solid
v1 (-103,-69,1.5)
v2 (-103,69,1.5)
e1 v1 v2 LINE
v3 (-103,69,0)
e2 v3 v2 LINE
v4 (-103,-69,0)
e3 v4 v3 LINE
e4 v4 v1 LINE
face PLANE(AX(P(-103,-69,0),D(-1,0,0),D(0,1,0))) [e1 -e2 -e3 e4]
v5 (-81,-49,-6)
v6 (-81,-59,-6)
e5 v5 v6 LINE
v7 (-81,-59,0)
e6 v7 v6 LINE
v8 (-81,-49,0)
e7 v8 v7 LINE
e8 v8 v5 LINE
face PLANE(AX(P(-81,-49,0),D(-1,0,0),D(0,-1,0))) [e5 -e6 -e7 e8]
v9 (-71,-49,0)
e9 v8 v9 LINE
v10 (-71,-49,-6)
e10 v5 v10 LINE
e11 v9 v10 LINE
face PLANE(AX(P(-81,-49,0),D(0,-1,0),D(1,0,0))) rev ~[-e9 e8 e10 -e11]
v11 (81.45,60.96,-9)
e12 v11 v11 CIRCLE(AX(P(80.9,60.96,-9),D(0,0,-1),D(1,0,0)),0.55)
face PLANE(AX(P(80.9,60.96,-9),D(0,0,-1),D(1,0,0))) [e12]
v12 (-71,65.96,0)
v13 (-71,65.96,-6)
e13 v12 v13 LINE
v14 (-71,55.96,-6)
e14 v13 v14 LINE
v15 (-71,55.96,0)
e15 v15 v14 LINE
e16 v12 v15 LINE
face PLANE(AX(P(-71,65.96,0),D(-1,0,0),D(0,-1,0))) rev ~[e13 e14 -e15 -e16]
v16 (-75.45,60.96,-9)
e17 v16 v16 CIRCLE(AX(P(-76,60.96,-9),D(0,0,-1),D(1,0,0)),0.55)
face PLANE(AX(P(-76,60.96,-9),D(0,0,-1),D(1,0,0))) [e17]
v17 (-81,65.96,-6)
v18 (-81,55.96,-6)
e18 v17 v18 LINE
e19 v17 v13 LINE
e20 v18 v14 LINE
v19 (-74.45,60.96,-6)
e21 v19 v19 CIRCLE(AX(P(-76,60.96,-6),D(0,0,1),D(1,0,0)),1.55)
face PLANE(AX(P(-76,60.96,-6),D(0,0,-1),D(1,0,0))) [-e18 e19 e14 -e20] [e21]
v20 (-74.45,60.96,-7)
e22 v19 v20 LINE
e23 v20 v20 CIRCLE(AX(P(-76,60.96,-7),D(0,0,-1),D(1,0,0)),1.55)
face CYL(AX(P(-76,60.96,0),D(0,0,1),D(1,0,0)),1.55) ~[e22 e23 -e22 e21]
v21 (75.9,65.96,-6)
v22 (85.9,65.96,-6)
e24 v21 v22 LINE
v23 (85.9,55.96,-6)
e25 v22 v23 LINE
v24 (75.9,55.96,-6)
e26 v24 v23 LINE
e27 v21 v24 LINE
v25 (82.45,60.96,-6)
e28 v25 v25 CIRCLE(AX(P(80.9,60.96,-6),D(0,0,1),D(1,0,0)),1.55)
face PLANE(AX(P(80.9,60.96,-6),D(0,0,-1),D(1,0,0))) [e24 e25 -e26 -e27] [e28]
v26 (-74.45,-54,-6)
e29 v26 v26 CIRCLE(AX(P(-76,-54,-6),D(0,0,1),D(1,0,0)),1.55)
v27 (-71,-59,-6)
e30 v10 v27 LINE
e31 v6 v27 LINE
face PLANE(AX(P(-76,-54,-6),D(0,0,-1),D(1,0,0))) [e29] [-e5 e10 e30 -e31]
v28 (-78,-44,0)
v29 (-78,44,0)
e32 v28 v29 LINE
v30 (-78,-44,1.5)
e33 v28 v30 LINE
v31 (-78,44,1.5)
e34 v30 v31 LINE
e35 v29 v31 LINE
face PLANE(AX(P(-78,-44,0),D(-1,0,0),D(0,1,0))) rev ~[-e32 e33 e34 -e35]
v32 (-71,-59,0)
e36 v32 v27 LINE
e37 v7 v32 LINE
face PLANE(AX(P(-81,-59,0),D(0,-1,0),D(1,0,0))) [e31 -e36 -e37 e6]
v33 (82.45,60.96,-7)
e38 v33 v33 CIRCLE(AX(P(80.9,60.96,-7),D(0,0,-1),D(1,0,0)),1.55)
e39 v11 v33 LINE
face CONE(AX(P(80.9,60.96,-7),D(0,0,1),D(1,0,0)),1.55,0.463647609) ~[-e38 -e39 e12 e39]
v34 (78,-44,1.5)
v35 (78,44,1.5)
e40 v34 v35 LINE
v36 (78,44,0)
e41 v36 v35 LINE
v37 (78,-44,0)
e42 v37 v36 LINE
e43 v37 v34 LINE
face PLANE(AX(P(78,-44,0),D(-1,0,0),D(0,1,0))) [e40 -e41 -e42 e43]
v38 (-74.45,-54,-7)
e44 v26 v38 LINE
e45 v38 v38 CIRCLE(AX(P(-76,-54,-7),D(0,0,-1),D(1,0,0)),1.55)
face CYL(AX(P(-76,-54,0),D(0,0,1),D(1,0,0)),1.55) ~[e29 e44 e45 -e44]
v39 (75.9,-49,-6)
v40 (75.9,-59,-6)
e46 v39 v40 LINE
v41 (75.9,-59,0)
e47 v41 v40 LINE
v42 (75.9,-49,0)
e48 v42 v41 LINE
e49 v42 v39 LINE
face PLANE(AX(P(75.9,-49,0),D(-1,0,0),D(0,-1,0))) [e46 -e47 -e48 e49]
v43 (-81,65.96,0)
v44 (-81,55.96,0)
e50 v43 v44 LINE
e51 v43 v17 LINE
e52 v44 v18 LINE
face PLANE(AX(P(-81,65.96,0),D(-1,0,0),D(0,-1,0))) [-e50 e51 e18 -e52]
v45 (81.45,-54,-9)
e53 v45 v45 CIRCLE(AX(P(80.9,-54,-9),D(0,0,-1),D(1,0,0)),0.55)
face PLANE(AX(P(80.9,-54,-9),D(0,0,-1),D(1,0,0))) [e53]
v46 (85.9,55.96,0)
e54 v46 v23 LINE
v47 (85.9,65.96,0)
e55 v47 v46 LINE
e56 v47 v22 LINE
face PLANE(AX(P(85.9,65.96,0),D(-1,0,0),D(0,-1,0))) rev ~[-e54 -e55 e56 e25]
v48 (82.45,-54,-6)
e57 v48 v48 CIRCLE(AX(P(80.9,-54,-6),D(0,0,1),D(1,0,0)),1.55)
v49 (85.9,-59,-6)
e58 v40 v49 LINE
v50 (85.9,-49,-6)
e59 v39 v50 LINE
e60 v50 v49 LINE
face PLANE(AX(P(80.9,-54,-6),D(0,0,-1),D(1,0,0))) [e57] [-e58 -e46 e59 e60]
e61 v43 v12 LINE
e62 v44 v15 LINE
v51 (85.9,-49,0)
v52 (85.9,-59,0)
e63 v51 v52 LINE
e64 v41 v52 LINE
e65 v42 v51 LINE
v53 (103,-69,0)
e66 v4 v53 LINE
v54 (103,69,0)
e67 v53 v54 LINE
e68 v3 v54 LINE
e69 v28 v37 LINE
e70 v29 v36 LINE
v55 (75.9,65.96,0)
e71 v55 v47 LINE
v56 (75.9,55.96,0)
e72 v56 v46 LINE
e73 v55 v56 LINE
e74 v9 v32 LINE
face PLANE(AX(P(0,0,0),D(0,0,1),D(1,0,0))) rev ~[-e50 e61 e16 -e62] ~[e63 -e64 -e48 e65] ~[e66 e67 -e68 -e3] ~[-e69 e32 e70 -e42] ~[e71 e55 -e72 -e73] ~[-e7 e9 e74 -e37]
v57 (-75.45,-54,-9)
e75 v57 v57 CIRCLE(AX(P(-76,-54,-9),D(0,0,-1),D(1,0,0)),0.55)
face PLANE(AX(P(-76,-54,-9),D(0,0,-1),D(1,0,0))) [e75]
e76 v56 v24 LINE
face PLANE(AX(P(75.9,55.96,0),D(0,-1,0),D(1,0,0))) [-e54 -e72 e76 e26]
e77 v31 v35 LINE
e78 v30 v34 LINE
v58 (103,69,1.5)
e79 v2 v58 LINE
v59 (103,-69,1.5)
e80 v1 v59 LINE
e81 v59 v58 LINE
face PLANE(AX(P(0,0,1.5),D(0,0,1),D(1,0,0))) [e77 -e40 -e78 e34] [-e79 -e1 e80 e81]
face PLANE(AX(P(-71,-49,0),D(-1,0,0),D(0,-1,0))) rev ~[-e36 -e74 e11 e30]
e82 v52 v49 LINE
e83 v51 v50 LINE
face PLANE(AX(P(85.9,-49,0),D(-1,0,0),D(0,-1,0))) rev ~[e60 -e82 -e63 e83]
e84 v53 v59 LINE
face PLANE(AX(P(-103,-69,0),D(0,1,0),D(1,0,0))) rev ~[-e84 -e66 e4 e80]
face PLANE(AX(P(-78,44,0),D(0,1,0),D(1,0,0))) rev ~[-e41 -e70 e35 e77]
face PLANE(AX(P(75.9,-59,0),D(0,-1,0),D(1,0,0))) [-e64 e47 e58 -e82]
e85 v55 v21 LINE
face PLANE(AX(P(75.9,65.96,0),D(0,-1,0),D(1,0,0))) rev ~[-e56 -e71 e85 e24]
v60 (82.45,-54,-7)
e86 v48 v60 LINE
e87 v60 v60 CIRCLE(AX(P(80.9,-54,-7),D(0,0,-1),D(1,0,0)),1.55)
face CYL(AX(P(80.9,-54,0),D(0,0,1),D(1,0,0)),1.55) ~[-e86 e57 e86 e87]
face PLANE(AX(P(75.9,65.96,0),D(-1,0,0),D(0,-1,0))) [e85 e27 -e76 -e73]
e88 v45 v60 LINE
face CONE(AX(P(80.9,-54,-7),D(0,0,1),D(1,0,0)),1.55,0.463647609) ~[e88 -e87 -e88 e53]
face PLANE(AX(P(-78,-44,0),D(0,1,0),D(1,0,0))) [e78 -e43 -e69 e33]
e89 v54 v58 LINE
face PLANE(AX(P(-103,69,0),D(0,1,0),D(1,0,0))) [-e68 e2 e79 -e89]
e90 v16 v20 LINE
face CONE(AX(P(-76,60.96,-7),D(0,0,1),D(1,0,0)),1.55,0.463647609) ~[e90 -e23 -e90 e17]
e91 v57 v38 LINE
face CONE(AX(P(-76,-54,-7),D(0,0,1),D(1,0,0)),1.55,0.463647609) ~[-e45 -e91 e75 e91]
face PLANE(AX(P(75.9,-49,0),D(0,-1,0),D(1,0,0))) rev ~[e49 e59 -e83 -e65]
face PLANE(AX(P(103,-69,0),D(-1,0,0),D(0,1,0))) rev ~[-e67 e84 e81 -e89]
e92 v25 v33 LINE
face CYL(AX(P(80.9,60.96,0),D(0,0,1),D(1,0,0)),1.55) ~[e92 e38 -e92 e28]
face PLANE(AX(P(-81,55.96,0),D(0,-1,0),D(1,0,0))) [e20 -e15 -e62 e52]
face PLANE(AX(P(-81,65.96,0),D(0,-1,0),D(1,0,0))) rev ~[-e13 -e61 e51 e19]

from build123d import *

# Parameters (mm, degrees)
F0_W       = 206
F0_H       = 138
F0_W_2     = 156
F0_H_2     = 88
F1_DEPTH   = 1.5
F2_W       = 10
F2_H       = 10
F2_R       = 1.55
F3_DEPTH   = 6
F4_DEPTH   = 9
F5_SIZE2   = 2
F5_SIZE    = 1
F5_2_SIZE2 = 2
F5_2_SIZE  = 1
F5_3_SIZE2 = 2
F5_3_SIZE  = 1
F5_4_SIZE2 = 2
F5_4_SIZE  = 1


with BuildPart() as f1:
    # F0 (on Top) → F1 (new body)
    with BuildSketch(Plane.XY):
        Rectangle(F0_W, F0_H)
        Rectangle(F0_W_2, F0_H_2, mode=Mode.SUBTRACT)
    extrude(amount=F1_DEPTH)

    # F2 (on face) → F3 (join)
    with BuildSketch(Plane(origin=(0, 0, 0), x_dir=(1, 0, 0), z_dir=(0, 0, -1))):
        with Locations((-76, 54)):
            Rectangle(F2_W, F2_H)
        with Locations((-76, 54)):
            Circle(F2_R, mode=Mode.SUBTRACT)
        with Locations((80.9, 54)):
            Rectangle(F2_W, F2_H)
        with Locations((80.9, 54)):
            Circle(F2_R, mode=Mode.SUBTRACT)
        with Locations((80.9, -60.96)):
            Rectangle(F2_W, F2_H)
        with Locations((80.9, -60.96)):
            Circle(F2_R, mode=Mode.SUBTRACT)
        with Locations((-76, -60.96)):
            Rectangle(F2_W, F2_H)
        with Locations((-76, -60.96)):
            Circle(F2_R, mode=Mode.SUBTRACT)
        with Locations((-76, 54)):
            Circle(F2_R)
        with Locations((-76, -60.96)):
            Circle(F2_R)
        with Locations((80.9, -60.96)):
            Circle(F2_R)
        with Locations((80.9, 54)):
            Circle(F2_R)
    extrude(amount=F3_DEPTH)

    # F2 (on face) → F4 (join)
    with BuildSketch(Plane(origin=(0, 0, 0), x_dir=(1, 0, 0), z_dir=(0, 0, -1))):
        with Locations((-76, 54)):
            Circle(F2_R)
        with Locations((-76, -60.96)):
            Circle(F2_R)
        with Locations((80.9, -60.96)):
            Circle(F2_R)
        with Locations((80.9, 54)):
            Circle(F2_R)
    extrude(amount=F4_DEPTH)

    # F5
    f5_edges = [f1.edges().sort_by_distance(p)[0] for p in [
        (-77.55, -54, -9),
    ]]
    f5_side = f1.faces().sort_by_distance((-76, -54, -9))[0]
    chamfer(f5_edges, length=F5_SIZE, length2=F5_SIZE2, reference=f5_side)

    # F5#2
    f5_2_edges = [f1.edges().sort_by_distance(p)[0] for p in [
        (-77.55, 60.96, -9),
    ]]
    f5_2_side = f1.faces().sort_by_distance((-76, 60.96, -9))[0]
    chamfer(f5_2_edges, length=F5_2_SIZE, length2=F5_2_SIZE2, reference=f5_2_side)

    # F5#3
    f5_3_edges = [f1.edges().sort_by_distance(p)[0] for p in [
        (79.35, -54, -9),
    ]]
    f5_3_side = f1.faces().sort_by_distance((80.9, -54, -9))[0]
    chamfer(f5_3_edges, length=F5_3_SIZE, length2=F5_3_SIZE2, reference=f5_3_side)

    # F5#4
    f5_4_edges = [f1.edges().sort_by_distance(p)[0] for p in [
        (79.35, 60.96, -9),
    ]]
    f5_4_side = f1.faces().sort_by_distance((80.9, 60.96, -9))[0]
    chamfer(f5_4_edges, length=F5_4_SIZE, length2=F5_4_SIZE2, reference=f5_4_side)


solid = f1.part
